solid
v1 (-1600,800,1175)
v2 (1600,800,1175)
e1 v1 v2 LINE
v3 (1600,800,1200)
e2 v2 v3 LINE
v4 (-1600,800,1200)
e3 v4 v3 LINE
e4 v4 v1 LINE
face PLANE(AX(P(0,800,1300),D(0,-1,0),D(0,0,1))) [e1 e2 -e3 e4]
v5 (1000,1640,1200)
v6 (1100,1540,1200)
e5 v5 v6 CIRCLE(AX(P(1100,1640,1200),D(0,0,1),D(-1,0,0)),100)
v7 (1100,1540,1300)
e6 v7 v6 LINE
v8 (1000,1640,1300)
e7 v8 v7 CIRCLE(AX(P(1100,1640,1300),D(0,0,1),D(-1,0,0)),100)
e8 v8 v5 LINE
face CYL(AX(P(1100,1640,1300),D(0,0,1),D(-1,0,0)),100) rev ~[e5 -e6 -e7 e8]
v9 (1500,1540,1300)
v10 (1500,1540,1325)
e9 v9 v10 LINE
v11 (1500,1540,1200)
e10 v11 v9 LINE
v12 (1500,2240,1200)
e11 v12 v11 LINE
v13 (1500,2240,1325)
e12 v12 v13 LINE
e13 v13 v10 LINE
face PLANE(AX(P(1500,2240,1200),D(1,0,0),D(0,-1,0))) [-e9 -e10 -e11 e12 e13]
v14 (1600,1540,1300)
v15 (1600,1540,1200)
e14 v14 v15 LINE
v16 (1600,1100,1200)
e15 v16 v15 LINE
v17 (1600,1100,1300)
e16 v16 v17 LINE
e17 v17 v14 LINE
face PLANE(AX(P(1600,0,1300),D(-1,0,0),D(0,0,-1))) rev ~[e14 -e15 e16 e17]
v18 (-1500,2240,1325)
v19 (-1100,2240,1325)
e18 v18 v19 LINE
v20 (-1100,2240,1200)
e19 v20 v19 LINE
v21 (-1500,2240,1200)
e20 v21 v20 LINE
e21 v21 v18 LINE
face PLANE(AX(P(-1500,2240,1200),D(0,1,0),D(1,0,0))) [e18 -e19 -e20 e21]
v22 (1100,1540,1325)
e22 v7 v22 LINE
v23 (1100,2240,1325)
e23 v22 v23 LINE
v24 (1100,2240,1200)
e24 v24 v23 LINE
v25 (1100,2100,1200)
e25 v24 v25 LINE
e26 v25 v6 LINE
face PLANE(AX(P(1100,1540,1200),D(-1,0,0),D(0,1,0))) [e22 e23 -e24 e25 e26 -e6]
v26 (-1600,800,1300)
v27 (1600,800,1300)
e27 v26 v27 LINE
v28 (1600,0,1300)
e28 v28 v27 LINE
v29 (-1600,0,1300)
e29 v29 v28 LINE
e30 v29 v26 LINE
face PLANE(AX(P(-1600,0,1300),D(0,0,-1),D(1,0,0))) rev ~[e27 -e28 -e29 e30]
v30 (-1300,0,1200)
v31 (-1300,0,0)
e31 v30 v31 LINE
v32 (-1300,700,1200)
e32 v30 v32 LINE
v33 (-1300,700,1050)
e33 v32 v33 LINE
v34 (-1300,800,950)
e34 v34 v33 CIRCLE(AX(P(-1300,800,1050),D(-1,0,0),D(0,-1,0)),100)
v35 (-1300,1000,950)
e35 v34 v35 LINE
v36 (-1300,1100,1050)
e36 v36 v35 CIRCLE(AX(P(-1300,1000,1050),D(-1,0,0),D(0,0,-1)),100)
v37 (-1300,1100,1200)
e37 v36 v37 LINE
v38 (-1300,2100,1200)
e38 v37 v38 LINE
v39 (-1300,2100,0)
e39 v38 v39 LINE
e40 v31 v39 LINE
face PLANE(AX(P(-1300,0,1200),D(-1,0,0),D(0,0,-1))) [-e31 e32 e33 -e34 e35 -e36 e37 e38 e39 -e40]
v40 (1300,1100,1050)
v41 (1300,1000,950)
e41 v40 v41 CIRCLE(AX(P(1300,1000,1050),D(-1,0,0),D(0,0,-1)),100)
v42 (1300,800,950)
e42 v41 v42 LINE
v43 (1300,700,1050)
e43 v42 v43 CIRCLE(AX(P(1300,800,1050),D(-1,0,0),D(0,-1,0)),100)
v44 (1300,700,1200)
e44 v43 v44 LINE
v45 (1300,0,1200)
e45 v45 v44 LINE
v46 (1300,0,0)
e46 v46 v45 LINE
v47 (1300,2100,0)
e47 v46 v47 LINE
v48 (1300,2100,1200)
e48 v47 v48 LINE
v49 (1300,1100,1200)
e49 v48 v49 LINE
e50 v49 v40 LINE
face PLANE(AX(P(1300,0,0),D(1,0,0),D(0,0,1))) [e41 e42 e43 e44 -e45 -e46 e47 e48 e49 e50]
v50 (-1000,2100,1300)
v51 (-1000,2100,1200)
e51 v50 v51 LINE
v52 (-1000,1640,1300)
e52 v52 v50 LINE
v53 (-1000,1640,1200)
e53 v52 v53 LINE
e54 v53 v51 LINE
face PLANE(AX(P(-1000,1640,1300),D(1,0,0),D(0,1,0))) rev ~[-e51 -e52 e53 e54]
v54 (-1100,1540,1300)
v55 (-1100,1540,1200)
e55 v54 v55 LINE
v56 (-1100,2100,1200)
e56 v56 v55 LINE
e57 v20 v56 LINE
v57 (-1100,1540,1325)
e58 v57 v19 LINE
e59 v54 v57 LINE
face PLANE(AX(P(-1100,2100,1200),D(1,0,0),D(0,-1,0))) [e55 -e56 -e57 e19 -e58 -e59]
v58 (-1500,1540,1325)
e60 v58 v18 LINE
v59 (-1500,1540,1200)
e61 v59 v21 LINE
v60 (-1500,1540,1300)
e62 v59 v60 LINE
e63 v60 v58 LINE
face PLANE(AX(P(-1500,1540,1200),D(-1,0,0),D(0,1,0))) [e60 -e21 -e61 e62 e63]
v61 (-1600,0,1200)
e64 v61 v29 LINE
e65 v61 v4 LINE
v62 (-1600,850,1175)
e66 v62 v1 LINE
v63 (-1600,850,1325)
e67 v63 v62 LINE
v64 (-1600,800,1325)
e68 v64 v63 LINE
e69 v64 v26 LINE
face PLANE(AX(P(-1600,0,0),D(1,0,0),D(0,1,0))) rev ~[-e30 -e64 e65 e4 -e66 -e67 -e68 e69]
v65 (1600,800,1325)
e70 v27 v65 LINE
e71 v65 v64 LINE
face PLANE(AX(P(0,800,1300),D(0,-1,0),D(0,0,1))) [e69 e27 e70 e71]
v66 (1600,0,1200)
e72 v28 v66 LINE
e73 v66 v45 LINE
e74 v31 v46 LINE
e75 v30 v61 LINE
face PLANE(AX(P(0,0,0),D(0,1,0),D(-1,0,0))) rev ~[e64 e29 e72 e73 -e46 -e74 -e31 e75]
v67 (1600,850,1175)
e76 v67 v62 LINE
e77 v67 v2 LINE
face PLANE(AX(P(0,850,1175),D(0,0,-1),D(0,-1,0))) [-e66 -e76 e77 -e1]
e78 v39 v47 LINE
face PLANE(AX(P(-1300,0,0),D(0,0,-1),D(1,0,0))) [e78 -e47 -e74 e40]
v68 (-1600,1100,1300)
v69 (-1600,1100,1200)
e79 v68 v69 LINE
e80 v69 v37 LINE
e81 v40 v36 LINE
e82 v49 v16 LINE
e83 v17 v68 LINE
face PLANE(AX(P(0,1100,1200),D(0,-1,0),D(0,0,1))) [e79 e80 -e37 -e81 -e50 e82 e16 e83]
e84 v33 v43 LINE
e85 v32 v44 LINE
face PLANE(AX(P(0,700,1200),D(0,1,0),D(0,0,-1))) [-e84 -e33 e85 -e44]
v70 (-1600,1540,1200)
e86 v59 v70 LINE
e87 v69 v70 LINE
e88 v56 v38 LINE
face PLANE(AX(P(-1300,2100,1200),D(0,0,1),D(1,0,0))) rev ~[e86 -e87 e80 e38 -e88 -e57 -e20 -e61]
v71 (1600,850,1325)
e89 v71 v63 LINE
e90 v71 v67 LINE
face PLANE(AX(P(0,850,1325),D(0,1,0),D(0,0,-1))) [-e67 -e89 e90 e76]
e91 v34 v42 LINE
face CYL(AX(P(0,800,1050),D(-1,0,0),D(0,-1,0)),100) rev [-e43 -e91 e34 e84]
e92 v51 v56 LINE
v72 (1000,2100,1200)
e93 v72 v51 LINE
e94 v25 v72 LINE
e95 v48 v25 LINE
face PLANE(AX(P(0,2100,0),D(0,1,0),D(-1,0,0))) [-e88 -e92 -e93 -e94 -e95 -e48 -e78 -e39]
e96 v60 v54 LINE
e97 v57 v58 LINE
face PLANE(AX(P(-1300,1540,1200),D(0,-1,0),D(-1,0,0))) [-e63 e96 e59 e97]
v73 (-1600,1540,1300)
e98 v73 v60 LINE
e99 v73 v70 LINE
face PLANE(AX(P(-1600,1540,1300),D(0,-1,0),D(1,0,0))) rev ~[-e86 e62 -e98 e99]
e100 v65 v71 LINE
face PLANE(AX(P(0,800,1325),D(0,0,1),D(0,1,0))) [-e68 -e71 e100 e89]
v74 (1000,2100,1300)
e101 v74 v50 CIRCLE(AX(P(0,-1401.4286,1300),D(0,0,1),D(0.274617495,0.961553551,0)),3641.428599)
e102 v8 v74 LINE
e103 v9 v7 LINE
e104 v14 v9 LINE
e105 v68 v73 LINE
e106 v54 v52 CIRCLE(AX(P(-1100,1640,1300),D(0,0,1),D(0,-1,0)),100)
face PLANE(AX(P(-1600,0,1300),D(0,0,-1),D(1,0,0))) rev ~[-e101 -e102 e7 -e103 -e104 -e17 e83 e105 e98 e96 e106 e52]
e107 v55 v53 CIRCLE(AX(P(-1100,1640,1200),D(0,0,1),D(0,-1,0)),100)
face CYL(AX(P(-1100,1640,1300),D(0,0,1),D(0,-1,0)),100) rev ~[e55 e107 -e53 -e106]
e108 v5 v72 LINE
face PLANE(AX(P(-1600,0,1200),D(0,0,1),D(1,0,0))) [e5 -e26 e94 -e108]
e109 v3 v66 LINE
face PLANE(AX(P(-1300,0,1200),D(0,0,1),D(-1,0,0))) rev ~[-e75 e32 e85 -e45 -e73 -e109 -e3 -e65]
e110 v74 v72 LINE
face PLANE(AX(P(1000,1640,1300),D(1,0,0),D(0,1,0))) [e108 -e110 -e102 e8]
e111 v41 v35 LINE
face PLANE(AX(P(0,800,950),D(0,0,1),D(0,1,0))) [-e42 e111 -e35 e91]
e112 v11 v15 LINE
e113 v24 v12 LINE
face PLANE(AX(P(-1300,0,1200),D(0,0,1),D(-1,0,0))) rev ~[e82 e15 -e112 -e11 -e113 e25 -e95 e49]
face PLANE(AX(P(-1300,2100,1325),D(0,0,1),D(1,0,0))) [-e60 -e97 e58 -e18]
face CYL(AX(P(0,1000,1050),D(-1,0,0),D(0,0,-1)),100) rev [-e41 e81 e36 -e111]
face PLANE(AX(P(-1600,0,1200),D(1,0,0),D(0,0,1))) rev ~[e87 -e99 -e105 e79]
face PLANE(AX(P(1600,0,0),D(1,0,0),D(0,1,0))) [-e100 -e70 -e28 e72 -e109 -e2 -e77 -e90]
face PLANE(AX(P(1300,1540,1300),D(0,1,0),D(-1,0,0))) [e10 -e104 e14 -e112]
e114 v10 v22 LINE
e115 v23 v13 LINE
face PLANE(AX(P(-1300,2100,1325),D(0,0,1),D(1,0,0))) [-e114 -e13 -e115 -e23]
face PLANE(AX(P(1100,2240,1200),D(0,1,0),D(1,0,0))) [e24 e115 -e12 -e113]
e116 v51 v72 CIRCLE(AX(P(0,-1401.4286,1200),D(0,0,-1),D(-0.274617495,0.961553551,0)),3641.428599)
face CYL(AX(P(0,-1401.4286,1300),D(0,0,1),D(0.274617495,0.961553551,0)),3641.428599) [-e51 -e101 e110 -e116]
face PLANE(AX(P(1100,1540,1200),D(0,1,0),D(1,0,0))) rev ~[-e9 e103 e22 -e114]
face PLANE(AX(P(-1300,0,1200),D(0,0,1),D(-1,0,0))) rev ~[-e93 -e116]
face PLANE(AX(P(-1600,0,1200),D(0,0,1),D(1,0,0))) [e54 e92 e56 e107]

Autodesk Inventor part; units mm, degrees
ref_plane "YZ Plane" through (0, 0, 0) normal (1, 0, 0) x (0, 1, 0)
ref_plane "XZ Plane" through (0, 0, 0) normal (0, 1, 0) x (-1, 0, 0)
ref_plane "XY Plane" through (0, 0, 0) normal (0, 0, 1) x (1, 0, 0)
sketch "Sketch1" plane through (0, 0, 0) normal (0, 1, 0) x (-1, 0, 0)
  line L0 (1300, 0) -> (-1300, 0)
  line L1 (-1300, 0) -> (-1300, 1200)
  line L2 (-1300, 1200) -> (1300, 1200)
  line L3 (1300, 1200) -> (1300, 0)
  line L4 (1300, 0) -> (-1300, 1200) construction
  line L5 (-1300, 0) -> (1300, 1200) construction
  point P0 (0, 0)
  point P1 (0, 600)
  point P2 (0, 0)
  dimension "d0" = 2600
  dimension "d19" = 1200
extrude "Extrusion1" add sketch "Sketch1" along normal blind 2100
sketch "Sketch5" plane through (0, 0, 0) normal (0, 1, 0) x (-1, 0, 0)
  line L0 (-1600, 1200) -> (1600, 1200)
  line L1 (1600, 1200) -> (1600, 1300)
  line L2 (1600, 1300) -> (-1600, 1300)
  line L3 (-1600, 1300) -> (-1600, 1200)
  line L4 (-1600, 1200) -> (1600, 1300) construction
  line L5 (1600, 1200) -> (-1600, 1300) construction
  line L6 (1300, 1200) -> (-1300, 1200) projected
  point P0 (0, 0)
  point P1 (0, 1250)
  point P2 (0, 1200)
  dimension "d20" = 100
  dimension "d21" = 3200
extrude "Extrusion5" add sketch "Sketch5" along normal blind 2240
sketch "Sketch6" plane through (-1600, 0, 1300) normal (0, 0, 1) x (1, 0, 0)
  line L0 (2900, 0) -> (300, 0) projected
  line L1 (300, 0) -> (300, 2100) projected
  line L2 (2900, 2100) -> (300, 2100) projected
  line L3 (2900, 0) -> (2900, 2100) projected
  line L4 (0, 0) -> (0, 2240) projected
  line L5 (0, 1540) -> (300, 1540)
  line L6 (300, 0) -> (300, 2100) projected
  line L7 (300, 1540) -> (500, 1540)
  arc A0 (500, 1540) -> (600, 1640) centre (500, 1640) ccw
  line L8 (600, 1640) -> (600, 2100)
  line L9 (300, 2100) -> (2900, 2100) projected
  line L10 (1600, 2100) -> (1600, -35.8904) construction
  line L11 (3200, 1540) -> (2900, 1540)
  line L12 (2900, 1540) -> (2700, 1540)
  arc A1 (2600, 1640) -> (2700, 1540) centre (2700, 1640) ccw
  line L13 (2600, 1640) -> (2600, 2100)
  line L14 (0, 2240) -> (3200, 2240) projected
  arc A2 (2600, 2100) -> (600, 2100) centre (1600, -1401.4286) ccw
  line L15 (2900, 0) -> (2900, 2100) projected
  line L16 (3200, 0) -> (3200, 2240) projected
  line L17 (3200, 0) -> (3200, 2240) projected
  point P0 (1600, 0)
  point P1 (1600, 2240)
  dimension "d24" = 700
  dimension "d25" = 600
  dimension "d26" = 100
extrude "Extrusion6" cut sketch "Sketch6" against normal up to surface (100 mm away) contours L12 A1 L13 L2 L3 | L3 L2 A2 L14 L16 L11 | L5 L4 L14 A2 L2 L1 | L1 L2 L8 A0 L7
sketch "Sketch7" plane through (0, 0, 0) normal (1, 0, 0) x (0, 1, 0)
  line L0 (0, 1300) -> (1540, 1300) projected
  line L1 (0, 0) -> (0, 1200) projected
  line L2 (2100, 0) -> (2100, 1200) projected
  line L3 (0, 1200) -> (1540, 1200) projected
  line L4 (800, 1300) -> (800, 1200)
  line L5 (0, 1200) -> (1540, 1200) projected
  line L6 (700, 1200) -> (700, 1050)
  arc A0 (700, 1050) -> (800, 950) centre (800, 1050) ccw
  line L7 (800, 950) -> (1000, 950)
  arc A1 (1000, 950) -> (1100, 1050) centre (1000, 1050) ccw
  line L8 (1100, 1050) -> (1100, 1300)
  dimension "d30" = 100
  dimension "d31" = 350
  dimension "d32" = 100
  dimension "d33" = 800
  dimension "d34" = 400
extrude "Extrusion7" cut sketch "Sketch7" along normal through all both and the other way through all
sketch "Sketch8" plane through (0, 0, 0) normal (1, 0, 0) x (0, 1, 0)
  line L0 (800, 1300) -> (800, 1200) projected
  line L1 (0, 1200) -> (800, 1200) projected
  line L2 (0, 1200) -> (0, 1300) projected
  line L3 (0, 1300) -> (800, 1300) projected
  line L4 (850, 1175) -> (800, 1175)
  line L5 (800, 1175) -> (800, 1325)
  line L6 (800, 1325) -> (850, 1325)
  line L7 (850, 1325) -> (850, 1175)
  line L8 (850, 1175) -> (800, 1325) construction
  line L9 (800, 1175) -> (850, 1325) construction
  line L10 (800, 1300) -> (800, 1200) projected
  point P0 (0, 0)
  point P1 (825, 1250)
  point P2 (800, 1250)
  dimension "d37" = 150
  dimension "d38" = 50
extrude "Extrusion8" add sketch "Sketch8" along normal mid plane 3200 contours L5 L6 L7 L4 L0
sketch "Sketch9" plane through (-1300, 2100, 1200) normal (0, 0, 1) x (1, 0, 0)
  line L0 (0, -560) -> (0, 0) projected
  line L1 (0, -560) -> (200, -560) projected
  arc A0 (200, -560) -> (300, -460) centre (200, -460) ccw projected
  line L2 (300, -460) -> (300, 0) projected
  line L3 (0, 0) -> (300, 0) projected
  line L4 (2600, -560) -> (2600, 0) projected
  line L5 (2300, 0) -> (2600, 0) projected
  line L6 (2300, 0) -> (2300, -460) projected
  arc A1 (2300, -460) -> (2400, -560) centre (2400, -460) ccw projected
  line L7 (2400, -560) -> (2600, -560) projected
  line L8 (0, -560) -> (200, -560) projected
  line L9 (-200, 140) -> (200, 140)
  line L10 (200, 140) -> (200, -560)
  line L11 (200, -560) -> (-200, -560)
  line L12 (-200, -560) -> (-200, 140)
  line L13 (0, -2100) -> (0, 0) projected
  line L14 (-200, 140) -> (200, -560) construction
  line L15 (200, 140) -> (-200, -560) construction
  line L16 (2400, 140) -> (2800, 140)
  line L17 (2800, 140) -> (2800, -560)
  line L18 (2800, -560) -> (2400, -560)
  line L19 (2400, -560) -> (2400, 140)
  line L20 (2600, -560) -> (2600, 0) projected
  line L21 (2400, 140) -> (2800, -560) construction
  line L22 (2800, 140) -> (2400, -560) construction
  line L23 (-300, -2100) -> (2900, -2100) projected
  point P0 (1300, -2100)
  point P1 (0, -210)
  point P2 (2600, -210)
  point P3 (200, -560)
  dimension "d41" = 400
  dimension "d42" = 2240
extrude "Extrusion9" add sketch "Sketch9" along normal up to surface (125 mm away) contours L11 L12 L9 L10 L3 L0 | L0 L3 L10 L1 | L7 L19 L5 L4 | L4 L5 L19 L16 L17 L18
equation "\"d39\" = d21"
equation "\"d43\" = d21"
properties part number "Hydraulic Sheet Metal Bending Machine PBH-135T3200 3000"
